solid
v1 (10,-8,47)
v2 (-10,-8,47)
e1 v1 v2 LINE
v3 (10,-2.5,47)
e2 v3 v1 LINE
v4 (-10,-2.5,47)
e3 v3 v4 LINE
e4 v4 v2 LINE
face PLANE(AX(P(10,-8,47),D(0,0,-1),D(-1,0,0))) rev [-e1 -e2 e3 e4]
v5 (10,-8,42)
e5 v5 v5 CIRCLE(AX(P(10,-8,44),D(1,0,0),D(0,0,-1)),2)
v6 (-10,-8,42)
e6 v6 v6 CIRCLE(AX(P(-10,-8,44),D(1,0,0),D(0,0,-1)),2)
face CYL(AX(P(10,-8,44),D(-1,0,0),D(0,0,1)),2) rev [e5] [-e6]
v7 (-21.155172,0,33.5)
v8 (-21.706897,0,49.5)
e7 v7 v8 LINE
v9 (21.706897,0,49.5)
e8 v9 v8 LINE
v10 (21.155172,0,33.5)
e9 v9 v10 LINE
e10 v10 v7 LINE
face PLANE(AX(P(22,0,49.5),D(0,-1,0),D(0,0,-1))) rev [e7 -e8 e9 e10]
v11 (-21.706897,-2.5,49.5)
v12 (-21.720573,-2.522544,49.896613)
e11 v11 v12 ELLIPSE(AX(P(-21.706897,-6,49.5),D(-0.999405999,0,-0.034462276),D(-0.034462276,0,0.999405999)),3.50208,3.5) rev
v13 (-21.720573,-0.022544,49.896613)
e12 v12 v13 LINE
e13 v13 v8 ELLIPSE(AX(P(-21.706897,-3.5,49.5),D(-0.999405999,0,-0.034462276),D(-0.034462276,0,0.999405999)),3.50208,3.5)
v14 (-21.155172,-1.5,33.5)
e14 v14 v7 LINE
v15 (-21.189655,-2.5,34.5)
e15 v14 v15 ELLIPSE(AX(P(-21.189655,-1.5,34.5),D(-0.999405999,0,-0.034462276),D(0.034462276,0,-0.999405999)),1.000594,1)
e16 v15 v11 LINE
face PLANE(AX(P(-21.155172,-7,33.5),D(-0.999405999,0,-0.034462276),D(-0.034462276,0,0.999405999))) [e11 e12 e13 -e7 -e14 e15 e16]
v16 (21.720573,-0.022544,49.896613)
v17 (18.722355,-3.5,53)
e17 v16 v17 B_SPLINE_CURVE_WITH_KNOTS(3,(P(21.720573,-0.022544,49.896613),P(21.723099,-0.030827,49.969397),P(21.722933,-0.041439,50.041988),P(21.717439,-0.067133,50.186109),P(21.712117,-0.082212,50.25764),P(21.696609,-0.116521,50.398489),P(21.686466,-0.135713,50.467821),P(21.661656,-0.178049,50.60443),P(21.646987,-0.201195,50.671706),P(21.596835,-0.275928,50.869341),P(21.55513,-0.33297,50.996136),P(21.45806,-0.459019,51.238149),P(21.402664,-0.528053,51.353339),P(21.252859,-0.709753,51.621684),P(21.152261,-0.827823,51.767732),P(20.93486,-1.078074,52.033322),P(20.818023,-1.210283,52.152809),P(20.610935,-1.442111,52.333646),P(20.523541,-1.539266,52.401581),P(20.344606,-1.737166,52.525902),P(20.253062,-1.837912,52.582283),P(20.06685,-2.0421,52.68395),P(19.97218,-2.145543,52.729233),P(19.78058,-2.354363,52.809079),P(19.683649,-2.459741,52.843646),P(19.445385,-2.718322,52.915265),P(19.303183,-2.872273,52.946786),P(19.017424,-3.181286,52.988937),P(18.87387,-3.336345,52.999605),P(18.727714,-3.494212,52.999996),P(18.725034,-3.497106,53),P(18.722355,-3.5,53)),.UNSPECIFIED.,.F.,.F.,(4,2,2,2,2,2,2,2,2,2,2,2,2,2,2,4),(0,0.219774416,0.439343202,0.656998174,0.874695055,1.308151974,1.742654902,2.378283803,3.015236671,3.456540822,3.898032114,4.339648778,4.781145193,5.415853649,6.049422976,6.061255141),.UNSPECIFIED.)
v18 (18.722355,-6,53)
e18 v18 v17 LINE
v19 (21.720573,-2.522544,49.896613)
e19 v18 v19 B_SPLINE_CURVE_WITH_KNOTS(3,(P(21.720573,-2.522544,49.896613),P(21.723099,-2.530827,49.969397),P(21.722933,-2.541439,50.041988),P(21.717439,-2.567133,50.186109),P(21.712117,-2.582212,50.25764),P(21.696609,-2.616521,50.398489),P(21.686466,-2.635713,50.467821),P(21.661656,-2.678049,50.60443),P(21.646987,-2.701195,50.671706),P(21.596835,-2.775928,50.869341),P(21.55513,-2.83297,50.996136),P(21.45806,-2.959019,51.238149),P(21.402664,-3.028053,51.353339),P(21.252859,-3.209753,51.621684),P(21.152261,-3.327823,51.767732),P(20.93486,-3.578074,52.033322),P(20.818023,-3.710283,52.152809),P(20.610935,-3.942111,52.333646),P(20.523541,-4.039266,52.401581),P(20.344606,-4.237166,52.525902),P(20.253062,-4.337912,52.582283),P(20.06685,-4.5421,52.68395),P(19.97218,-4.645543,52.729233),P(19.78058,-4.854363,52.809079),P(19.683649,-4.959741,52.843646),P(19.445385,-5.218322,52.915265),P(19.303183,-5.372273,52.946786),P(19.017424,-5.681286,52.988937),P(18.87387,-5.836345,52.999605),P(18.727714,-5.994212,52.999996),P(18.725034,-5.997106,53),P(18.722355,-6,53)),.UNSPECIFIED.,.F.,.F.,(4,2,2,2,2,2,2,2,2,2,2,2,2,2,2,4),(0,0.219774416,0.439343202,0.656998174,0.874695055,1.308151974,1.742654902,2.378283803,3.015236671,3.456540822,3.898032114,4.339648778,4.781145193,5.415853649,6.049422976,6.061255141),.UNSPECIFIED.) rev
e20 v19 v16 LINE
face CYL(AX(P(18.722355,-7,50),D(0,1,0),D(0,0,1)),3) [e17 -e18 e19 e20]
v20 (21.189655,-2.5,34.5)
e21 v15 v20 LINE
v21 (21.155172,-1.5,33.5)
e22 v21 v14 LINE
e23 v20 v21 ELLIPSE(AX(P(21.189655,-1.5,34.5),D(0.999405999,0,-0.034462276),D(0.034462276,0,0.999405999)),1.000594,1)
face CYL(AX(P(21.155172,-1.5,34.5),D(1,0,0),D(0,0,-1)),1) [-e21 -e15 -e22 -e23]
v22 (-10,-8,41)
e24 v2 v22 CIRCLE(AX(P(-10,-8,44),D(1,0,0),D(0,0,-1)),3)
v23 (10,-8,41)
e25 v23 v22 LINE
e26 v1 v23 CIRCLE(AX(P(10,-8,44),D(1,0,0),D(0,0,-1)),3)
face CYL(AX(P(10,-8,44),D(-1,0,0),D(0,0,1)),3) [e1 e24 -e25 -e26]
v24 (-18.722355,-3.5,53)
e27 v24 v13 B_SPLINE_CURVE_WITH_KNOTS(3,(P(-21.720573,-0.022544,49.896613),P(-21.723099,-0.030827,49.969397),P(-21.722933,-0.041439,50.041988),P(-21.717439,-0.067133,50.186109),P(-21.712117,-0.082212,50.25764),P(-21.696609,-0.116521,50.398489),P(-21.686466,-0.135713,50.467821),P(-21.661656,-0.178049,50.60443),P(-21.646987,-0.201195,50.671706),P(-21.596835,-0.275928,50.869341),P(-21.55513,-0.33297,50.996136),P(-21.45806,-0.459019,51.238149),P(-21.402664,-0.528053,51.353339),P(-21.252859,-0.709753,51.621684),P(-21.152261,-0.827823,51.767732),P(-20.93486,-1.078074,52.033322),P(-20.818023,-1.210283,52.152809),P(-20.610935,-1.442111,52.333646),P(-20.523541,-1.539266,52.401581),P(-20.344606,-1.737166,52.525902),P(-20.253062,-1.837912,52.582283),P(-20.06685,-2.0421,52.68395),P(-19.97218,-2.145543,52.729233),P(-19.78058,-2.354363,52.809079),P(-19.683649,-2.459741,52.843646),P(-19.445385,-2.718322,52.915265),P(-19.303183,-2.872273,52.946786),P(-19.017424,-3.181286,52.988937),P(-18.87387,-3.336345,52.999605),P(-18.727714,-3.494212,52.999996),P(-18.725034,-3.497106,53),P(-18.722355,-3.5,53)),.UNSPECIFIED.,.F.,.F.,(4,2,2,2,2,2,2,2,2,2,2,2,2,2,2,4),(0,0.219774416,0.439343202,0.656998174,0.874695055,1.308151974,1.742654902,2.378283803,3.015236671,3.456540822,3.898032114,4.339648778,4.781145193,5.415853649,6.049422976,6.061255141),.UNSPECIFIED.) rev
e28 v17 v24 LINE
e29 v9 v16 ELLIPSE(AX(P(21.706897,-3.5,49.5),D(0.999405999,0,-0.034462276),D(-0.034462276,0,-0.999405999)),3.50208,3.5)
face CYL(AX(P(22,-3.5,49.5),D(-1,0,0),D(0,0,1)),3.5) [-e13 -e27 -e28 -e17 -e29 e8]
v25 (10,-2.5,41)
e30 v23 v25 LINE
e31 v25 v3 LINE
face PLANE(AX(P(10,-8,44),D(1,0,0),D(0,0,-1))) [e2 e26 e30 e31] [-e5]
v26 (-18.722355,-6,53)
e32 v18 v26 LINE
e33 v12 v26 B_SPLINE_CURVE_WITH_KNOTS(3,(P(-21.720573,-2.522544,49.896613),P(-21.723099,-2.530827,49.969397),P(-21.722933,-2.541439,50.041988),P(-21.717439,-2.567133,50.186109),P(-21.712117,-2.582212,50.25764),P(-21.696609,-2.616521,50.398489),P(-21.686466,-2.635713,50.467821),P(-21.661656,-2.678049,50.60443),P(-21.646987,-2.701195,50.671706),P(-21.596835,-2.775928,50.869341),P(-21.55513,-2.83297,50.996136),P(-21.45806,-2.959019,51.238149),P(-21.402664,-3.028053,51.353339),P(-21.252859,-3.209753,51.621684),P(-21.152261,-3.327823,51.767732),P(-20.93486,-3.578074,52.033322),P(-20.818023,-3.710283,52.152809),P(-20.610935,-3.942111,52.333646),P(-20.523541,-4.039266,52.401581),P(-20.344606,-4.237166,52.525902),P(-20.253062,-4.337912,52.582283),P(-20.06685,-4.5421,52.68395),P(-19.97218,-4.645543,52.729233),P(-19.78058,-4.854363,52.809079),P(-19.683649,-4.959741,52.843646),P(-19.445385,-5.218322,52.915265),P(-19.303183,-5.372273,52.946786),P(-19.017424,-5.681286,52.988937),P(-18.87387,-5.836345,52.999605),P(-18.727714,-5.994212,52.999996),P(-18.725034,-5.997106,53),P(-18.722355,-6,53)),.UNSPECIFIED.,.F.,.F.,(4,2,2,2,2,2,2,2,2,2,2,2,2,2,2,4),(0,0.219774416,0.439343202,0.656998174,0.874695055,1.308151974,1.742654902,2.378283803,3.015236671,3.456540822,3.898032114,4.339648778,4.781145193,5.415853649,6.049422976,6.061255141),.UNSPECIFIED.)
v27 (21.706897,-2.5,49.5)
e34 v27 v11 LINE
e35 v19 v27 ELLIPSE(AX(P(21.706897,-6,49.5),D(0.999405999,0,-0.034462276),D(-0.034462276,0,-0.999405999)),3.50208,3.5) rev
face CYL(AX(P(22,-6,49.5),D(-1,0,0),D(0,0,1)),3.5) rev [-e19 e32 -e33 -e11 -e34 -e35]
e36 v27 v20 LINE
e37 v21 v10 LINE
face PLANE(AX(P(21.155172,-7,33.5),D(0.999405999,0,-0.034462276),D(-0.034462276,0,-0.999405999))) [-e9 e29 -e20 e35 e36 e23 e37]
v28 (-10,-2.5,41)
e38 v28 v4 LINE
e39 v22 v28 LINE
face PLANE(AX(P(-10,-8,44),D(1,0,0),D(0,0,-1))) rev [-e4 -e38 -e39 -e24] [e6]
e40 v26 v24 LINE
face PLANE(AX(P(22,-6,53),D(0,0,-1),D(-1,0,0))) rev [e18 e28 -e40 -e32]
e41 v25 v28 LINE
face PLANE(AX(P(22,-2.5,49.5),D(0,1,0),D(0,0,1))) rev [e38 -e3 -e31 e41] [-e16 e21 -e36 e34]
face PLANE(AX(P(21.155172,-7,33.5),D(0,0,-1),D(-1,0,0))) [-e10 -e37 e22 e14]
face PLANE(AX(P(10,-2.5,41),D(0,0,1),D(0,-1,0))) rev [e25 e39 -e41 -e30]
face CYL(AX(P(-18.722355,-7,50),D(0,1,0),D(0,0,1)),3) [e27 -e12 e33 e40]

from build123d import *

# Parameters (mm, degrees)
EXTRUDE_1_DEPTH     = 22
SKETCH_2_W          = 44
SKETCH_2_H          = 58
CUT_EXTRUDE_1_DEPTH = 7
FILLET_1_R          = 1
SKETCH_3_R          = 2
EXTRUDE_2_DEPTH     = 10


with BuildPart() as part:
    # Эскиз1 → Бобышка-Вытянуть1 (new, symmetric)
    with BuildSketch(Plane(origin=(0, 0, 0), x_dir=(0, 0, -1), z_dir=(1, 0, 0))):
        with BuildLine():
            Line((-49.5, 0), (0, 0))
            Line((0, 0), (0, -2.5))
            Line((0, -2.5), (-49.5, -2.5))
            ThreePointArc((-49.5, -2.5), (-51.974873734, -3.525126266), (-53, -6))
            Line((-53, -6), (-53, -3.5))
            ThreePointArc((-53, -3.5), (-51.974873734, -1.025126266), (-49.5, 0))
        make_face()
    extrude(amount=EXTRUDE_1_DEPTH, both=True)

    # Эскиз2 → Вырез-Вытянуть1 (cut)
    with BuildSketch(Plane(origin=(0, 0, 0), x_dir=(1, 0, 0), z_dir=(0, 1, 0))):
        with Locations((0, -29)):
            Rectangle(SKETCH_2_W, SKETCH_2_H)
        with BuildLine():
            Line((21.155172414, -33.5), (-21.155172414, -33.5))
            Line((-21.155172414, -33.5), (-21.720572868, -49.896613172))
            ThreePointArc((-21.720572868, -49.896613172), (-20.879918366, -52.084447111), (-18.72235487, -53))
            Line((-18.72235487, -53), (18.72235487, -53))
            ThreePointArc((18.72235487, -53), (20.879918366, -52.084447111), (21.720572868, -49.896613172))
            Line((21.720572868, -49.896613172), (21.155172414, -33.5))
        make_face(mode=Mode.SUBTRACT)
    extrude(amount=-CUT_EXTRUDE_1_DEPTH, mode=Mode.SUBTRACT)

    # Скругление1
    fillet_1_edges = [part.edges().sort_by_distance(p)[0] for p in [
        (0, -2.5, 33.5),
    ]]
    fillet(fillet_1_edges, radius=FILLET_1_R)

    # Эскиз3 → Бобышка-Вытянуть2 (add, symmetric)
    with BuildSketch(Plane(origin=(0, 0, 0), x_dir=(0, 0, -1), z_dir=(1, 0, 0))):
        with BuildLine():
            Line((-47, -8), (-47, -2.5))
            Line((-47, -2.5), (-41, -2.5))
            Line((-41, -2.5), (-41, -8))
            ThreePointArc((-41, -8), (-44, -11), (-47, -8))
        make_face()
        with Locations((-44, -8)):
            Circle(SKETCH_3_R, mode=Mode.SUBTRACT)
    extrude(amount=EXTRUDE_2_DEPTH, both=True)


solid = part.part
